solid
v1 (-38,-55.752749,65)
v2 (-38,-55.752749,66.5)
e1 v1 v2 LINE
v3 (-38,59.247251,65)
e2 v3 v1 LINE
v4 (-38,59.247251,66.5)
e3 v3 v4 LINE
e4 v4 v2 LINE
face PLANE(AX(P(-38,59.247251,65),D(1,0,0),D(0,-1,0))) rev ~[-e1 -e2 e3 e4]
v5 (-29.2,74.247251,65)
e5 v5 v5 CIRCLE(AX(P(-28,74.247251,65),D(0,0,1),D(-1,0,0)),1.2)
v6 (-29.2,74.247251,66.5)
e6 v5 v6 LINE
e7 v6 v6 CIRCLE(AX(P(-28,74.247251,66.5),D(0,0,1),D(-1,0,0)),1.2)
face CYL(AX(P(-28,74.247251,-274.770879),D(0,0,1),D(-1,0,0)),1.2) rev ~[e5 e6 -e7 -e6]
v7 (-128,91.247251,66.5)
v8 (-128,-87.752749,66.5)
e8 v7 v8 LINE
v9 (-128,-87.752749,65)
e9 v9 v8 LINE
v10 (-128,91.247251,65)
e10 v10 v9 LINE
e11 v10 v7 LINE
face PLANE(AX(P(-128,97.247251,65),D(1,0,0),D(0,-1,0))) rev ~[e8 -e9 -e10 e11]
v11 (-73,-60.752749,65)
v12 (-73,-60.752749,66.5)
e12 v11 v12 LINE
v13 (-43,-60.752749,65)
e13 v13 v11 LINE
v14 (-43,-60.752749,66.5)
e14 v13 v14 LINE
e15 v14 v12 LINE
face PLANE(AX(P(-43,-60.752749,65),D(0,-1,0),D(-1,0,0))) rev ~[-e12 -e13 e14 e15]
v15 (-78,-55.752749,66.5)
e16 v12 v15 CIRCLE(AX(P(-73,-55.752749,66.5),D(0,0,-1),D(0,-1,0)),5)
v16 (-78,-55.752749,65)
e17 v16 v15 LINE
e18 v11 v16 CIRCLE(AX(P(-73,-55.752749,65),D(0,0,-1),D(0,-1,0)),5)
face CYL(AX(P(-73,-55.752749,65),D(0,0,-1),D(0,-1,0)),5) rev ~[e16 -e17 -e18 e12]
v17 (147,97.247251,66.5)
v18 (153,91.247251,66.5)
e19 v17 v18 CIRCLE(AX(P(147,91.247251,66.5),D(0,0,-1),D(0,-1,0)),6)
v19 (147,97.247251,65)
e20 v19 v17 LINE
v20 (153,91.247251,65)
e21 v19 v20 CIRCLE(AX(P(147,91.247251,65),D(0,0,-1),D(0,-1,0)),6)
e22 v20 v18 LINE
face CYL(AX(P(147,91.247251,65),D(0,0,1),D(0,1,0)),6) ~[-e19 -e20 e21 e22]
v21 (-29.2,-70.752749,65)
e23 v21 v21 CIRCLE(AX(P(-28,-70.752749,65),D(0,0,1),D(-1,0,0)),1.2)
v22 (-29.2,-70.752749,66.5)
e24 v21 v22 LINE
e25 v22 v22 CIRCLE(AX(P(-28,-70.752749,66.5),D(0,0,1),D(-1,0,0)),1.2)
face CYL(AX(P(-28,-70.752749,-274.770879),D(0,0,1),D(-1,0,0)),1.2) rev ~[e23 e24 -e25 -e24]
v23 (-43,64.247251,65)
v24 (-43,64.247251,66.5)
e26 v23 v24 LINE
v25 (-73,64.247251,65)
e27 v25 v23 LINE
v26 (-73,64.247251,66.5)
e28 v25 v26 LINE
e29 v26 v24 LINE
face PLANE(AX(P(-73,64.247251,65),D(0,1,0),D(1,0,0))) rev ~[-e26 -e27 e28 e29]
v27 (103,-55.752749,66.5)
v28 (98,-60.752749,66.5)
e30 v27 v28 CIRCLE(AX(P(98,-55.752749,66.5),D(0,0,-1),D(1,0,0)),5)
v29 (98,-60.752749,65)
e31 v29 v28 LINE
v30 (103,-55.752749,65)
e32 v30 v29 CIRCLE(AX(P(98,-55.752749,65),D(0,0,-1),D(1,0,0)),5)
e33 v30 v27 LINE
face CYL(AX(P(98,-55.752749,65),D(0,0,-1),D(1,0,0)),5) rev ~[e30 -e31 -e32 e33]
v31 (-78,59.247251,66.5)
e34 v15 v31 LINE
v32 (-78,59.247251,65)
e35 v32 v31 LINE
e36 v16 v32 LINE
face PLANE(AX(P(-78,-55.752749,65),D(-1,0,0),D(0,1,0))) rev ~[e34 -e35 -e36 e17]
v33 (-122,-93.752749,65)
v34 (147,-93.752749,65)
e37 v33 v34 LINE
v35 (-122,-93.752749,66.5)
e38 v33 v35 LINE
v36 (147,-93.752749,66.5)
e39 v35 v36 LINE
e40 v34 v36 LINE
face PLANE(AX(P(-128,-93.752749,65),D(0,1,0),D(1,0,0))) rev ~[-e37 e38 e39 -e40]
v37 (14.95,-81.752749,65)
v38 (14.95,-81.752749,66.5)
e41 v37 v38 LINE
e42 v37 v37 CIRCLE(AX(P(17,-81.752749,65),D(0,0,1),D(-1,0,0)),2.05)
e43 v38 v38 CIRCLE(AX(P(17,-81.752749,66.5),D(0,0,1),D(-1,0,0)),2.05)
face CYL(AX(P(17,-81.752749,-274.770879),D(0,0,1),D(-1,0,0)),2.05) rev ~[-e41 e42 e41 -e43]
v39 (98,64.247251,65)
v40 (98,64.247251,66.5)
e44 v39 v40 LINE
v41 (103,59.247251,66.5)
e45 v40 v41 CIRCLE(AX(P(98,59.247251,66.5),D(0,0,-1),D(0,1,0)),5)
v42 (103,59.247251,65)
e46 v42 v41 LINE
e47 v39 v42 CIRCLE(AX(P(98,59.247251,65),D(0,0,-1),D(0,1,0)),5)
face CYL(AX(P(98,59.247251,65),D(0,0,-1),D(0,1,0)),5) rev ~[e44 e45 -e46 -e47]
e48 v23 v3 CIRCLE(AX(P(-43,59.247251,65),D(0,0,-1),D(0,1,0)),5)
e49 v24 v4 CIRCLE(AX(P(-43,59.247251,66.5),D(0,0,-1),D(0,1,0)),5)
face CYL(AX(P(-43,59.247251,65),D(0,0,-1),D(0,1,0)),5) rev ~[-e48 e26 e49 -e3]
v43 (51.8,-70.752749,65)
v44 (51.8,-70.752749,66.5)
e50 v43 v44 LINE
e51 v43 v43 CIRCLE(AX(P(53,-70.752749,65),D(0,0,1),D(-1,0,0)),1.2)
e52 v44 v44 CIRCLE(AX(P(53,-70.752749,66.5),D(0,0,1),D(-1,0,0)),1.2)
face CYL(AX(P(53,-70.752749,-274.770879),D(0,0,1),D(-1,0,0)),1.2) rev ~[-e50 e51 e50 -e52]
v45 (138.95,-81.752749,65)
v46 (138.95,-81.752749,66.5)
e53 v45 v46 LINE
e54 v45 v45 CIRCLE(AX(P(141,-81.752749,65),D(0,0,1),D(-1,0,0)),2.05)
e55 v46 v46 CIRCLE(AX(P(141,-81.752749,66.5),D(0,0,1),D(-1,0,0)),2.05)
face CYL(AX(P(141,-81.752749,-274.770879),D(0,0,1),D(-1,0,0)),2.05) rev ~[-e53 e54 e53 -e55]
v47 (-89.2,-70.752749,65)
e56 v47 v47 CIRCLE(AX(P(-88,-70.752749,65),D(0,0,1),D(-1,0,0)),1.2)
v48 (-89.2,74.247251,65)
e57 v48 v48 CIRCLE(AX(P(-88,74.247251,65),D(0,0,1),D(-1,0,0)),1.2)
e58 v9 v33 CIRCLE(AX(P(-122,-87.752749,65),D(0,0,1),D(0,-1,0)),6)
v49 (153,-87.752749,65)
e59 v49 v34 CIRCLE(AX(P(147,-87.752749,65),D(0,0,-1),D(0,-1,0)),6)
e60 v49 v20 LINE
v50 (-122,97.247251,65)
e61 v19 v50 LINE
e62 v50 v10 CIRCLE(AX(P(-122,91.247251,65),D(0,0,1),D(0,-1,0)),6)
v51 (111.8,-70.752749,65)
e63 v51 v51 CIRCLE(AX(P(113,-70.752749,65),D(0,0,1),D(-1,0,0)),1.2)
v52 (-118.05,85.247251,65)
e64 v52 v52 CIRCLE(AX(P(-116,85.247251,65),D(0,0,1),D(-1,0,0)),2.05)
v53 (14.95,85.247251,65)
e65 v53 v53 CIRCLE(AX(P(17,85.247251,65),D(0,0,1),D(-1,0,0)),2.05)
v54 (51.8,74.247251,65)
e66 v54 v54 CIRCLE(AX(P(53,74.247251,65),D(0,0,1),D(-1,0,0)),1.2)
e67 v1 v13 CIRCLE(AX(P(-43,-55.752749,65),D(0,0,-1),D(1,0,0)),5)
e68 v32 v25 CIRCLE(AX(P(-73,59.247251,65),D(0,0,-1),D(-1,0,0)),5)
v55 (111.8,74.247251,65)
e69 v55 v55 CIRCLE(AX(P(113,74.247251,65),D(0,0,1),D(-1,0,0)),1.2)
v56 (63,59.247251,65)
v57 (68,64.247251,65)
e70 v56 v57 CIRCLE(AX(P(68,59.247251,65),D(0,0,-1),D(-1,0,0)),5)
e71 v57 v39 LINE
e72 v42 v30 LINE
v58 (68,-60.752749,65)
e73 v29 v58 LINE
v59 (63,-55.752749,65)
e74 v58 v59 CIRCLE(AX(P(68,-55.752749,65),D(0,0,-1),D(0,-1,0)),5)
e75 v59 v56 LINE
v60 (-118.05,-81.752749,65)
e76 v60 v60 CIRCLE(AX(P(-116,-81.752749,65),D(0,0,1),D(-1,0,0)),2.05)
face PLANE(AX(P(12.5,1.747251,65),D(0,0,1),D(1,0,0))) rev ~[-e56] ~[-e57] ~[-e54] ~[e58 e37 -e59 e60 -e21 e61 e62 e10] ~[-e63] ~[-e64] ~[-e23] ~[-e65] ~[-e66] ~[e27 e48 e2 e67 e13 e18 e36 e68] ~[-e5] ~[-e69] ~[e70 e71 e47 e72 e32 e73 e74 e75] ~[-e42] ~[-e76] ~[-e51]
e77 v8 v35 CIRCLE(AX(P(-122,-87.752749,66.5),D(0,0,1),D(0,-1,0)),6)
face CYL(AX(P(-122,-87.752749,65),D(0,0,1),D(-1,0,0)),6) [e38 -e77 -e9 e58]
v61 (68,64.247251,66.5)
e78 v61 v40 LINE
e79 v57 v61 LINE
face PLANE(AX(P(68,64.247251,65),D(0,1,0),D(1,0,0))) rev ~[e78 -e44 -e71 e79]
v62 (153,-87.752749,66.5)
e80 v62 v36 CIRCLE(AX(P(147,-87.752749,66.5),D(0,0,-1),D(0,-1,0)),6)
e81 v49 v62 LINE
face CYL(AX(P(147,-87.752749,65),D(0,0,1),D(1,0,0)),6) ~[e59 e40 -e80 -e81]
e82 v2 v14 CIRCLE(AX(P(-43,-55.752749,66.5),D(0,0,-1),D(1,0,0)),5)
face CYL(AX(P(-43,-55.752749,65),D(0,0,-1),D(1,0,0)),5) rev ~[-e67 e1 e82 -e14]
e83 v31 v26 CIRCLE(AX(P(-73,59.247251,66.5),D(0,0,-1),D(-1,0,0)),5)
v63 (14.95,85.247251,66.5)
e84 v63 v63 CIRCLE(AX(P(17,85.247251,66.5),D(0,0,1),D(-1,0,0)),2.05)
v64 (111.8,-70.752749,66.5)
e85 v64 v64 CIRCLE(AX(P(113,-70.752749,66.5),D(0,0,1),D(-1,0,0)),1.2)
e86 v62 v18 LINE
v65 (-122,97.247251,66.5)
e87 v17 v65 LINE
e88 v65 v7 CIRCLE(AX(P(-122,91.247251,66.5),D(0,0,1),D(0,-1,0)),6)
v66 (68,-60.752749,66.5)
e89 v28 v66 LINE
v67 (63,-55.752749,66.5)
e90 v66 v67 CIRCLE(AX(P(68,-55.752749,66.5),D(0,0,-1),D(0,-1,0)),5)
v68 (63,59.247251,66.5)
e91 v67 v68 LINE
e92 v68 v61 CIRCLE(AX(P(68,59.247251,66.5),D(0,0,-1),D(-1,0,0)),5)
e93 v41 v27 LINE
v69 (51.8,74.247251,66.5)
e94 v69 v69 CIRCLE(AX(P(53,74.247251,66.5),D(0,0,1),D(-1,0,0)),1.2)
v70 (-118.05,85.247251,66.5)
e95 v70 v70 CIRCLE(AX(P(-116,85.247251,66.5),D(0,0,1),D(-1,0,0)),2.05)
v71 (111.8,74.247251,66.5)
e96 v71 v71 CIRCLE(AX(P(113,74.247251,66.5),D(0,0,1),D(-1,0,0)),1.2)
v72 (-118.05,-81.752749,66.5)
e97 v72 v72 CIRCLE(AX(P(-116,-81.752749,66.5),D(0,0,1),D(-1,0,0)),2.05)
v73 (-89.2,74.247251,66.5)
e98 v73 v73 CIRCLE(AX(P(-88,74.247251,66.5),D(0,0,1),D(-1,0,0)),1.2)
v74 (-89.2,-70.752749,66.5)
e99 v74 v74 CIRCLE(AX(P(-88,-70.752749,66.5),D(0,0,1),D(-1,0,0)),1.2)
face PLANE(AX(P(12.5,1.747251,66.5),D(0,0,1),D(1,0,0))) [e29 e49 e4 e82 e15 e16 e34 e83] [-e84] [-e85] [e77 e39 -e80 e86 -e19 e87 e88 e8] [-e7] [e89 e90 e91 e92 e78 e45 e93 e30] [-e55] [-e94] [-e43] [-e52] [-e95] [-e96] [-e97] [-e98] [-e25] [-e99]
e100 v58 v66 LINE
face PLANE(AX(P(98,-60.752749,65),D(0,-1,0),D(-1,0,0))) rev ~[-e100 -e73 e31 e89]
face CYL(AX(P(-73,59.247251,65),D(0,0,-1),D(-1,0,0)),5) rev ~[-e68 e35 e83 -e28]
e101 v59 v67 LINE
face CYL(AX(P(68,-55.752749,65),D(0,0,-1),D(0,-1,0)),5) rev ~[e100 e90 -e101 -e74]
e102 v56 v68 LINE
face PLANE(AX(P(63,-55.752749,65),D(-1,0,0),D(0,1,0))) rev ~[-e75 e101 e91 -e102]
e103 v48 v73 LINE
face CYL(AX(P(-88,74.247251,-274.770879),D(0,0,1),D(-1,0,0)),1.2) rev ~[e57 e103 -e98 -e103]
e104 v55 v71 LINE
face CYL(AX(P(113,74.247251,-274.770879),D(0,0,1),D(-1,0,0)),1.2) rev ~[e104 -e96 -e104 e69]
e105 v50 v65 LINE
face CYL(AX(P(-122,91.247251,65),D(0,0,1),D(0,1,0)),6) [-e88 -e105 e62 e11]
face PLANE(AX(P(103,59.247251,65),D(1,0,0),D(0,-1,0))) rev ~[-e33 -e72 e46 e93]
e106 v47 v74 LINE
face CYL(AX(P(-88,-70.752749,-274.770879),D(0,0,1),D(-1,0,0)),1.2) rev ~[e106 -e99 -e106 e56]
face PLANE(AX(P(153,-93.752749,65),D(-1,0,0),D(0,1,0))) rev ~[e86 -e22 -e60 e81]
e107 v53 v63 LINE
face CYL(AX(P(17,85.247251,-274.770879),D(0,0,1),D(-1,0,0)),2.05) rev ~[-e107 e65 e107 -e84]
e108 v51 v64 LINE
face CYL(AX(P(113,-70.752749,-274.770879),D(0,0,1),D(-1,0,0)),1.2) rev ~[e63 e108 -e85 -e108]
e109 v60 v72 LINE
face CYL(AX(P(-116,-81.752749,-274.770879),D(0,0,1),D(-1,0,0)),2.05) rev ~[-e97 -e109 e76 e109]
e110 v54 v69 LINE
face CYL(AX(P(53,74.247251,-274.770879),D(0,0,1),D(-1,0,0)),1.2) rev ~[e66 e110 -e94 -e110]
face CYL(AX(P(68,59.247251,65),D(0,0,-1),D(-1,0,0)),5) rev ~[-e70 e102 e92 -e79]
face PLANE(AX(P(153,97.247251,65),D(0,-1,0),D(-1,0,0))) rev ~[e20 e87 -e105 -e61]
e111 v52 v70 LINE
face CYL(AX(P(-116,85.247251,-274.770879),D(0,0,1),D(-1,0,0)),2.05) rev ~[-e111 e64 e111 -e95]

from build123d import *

# Parameters (mm, degrees)
F1_DEPTH = 1.5
F2_D     = 4.1
F3_R     = 6
F4_D     = 2.4


with BuildPart() as f1:
    # F0 (on Top) → F1 (new body)
    with BuildSketch(Plane.XY):
        Polygon((155, 99.2472513323), (-126, 99.2472513323), (-126, -91.7527486677), (-1.5, -91.7527486677), (30.5, -91.7527486677), (155, -91.7527486677), align=None)
        with BuildLine():
            ThreePointArc((-76, 61.2472513323), (-74.5355339059, 64.7827852383), (-71, 66.2472513323))
            Line((-71, 66.2472513323), (-41, 66.2472513323))
            ThreePointArc((-41, 66.2472513323), (-37.4644660941, 64.7827852383), (-36, 61.2472513323))
            Line((-36, 61.2472513323), (-36, -53.7527486677))
            ThreePointArc((-36, -53.7527486677), (-37.4644660941, -57.2882825736), (-41, -58.7527486677))
            Line((-41, -58.7527486677), (-71, -58.7527486677))
            ThreePointArc((-71, -58.7527486677), (-74.5355339059, -57.2882825736), (-76, -53.7527486677))
            Line((-76, -53.7527486677), (-76, 61.2472513323))
        make_face(mode=Mode.SUBTRACT)
        with BuildLine():
            Line((105, 61.2472513323), (105, -53.7527486677))
            ThreePointArc((105, -53.7527486677), (103.5355339059, -57.2882825736), (100, -58.7527486677))
            Line((100, -58.7527486677), (70, -58.7527486677))
            ThreePointArc((70, -58.7527486677), (66.4644660941, -57.2882825736), (65, -53.7527486677))
            Line((65, -53.7527486677), (65, 61.2472513323))
            ThreePointArc((65, 61.2472513323), (66.4644660941, 64.7827852383), (70, 66.2472513323))
            Line((70, 66.2472513323), (100, 66.2472513323))
            ThreePointArc((100, 66.2472513323), (103.5355339059, 64.7827852383), (105, 61.2472513323))
        make_face(mode=Mode.SUBTRACT)
    extrude(amount=F1_DEPTH)

    # F2 (through all)
    with Locations(Plane(origin=(0, 0, 0), x_dir=(1, 0, 0), z_dir=(0, 0, -1))):
        with Locations((-114, -87.2472513323), (19, -87.2472513323), (143, 79.7527486677), (-114, 79.7527486677), (19, 79.7527486677)):
            Hole(F2_D / 2)

    # F3
    f3_edges = [f1.edges().sort_by_distance(p)[0] for p in [
        (-126, 99.247251, 0.75),
        (-126, -91.752749, 0.75),
        (155, -91.752749, 0.75),
        (155, 99.247251, 0.75),
    ]]
    fillet(f3_edges, radius=F3_R)

    # F4 (through all)
    with Locations(Plane(origin=(0, 0, 0), x_dir=(1, 0, 0), z_dir=(0, 0, -1))):
        with Locations((-26, -76.2472513323), (-86, -76.2472513323), (-26, 68.7527486677), (-86, 68.7527486677), (55, -76.2472513323), (115, -76.2472513323), (115, 68.7527486677), (55, 68.7527486677)):
            Hole(F4_D / 2)


with BuildPart() as f1_1:
    # F5: moved
    add(f1.part.moved(Location((0, 0, 65))))


with BuildPart() as f1_2:
    # F6: moved
    add(f1_1.part.moved(Location((-2, -2, 0))))


solid = f1_2.part
